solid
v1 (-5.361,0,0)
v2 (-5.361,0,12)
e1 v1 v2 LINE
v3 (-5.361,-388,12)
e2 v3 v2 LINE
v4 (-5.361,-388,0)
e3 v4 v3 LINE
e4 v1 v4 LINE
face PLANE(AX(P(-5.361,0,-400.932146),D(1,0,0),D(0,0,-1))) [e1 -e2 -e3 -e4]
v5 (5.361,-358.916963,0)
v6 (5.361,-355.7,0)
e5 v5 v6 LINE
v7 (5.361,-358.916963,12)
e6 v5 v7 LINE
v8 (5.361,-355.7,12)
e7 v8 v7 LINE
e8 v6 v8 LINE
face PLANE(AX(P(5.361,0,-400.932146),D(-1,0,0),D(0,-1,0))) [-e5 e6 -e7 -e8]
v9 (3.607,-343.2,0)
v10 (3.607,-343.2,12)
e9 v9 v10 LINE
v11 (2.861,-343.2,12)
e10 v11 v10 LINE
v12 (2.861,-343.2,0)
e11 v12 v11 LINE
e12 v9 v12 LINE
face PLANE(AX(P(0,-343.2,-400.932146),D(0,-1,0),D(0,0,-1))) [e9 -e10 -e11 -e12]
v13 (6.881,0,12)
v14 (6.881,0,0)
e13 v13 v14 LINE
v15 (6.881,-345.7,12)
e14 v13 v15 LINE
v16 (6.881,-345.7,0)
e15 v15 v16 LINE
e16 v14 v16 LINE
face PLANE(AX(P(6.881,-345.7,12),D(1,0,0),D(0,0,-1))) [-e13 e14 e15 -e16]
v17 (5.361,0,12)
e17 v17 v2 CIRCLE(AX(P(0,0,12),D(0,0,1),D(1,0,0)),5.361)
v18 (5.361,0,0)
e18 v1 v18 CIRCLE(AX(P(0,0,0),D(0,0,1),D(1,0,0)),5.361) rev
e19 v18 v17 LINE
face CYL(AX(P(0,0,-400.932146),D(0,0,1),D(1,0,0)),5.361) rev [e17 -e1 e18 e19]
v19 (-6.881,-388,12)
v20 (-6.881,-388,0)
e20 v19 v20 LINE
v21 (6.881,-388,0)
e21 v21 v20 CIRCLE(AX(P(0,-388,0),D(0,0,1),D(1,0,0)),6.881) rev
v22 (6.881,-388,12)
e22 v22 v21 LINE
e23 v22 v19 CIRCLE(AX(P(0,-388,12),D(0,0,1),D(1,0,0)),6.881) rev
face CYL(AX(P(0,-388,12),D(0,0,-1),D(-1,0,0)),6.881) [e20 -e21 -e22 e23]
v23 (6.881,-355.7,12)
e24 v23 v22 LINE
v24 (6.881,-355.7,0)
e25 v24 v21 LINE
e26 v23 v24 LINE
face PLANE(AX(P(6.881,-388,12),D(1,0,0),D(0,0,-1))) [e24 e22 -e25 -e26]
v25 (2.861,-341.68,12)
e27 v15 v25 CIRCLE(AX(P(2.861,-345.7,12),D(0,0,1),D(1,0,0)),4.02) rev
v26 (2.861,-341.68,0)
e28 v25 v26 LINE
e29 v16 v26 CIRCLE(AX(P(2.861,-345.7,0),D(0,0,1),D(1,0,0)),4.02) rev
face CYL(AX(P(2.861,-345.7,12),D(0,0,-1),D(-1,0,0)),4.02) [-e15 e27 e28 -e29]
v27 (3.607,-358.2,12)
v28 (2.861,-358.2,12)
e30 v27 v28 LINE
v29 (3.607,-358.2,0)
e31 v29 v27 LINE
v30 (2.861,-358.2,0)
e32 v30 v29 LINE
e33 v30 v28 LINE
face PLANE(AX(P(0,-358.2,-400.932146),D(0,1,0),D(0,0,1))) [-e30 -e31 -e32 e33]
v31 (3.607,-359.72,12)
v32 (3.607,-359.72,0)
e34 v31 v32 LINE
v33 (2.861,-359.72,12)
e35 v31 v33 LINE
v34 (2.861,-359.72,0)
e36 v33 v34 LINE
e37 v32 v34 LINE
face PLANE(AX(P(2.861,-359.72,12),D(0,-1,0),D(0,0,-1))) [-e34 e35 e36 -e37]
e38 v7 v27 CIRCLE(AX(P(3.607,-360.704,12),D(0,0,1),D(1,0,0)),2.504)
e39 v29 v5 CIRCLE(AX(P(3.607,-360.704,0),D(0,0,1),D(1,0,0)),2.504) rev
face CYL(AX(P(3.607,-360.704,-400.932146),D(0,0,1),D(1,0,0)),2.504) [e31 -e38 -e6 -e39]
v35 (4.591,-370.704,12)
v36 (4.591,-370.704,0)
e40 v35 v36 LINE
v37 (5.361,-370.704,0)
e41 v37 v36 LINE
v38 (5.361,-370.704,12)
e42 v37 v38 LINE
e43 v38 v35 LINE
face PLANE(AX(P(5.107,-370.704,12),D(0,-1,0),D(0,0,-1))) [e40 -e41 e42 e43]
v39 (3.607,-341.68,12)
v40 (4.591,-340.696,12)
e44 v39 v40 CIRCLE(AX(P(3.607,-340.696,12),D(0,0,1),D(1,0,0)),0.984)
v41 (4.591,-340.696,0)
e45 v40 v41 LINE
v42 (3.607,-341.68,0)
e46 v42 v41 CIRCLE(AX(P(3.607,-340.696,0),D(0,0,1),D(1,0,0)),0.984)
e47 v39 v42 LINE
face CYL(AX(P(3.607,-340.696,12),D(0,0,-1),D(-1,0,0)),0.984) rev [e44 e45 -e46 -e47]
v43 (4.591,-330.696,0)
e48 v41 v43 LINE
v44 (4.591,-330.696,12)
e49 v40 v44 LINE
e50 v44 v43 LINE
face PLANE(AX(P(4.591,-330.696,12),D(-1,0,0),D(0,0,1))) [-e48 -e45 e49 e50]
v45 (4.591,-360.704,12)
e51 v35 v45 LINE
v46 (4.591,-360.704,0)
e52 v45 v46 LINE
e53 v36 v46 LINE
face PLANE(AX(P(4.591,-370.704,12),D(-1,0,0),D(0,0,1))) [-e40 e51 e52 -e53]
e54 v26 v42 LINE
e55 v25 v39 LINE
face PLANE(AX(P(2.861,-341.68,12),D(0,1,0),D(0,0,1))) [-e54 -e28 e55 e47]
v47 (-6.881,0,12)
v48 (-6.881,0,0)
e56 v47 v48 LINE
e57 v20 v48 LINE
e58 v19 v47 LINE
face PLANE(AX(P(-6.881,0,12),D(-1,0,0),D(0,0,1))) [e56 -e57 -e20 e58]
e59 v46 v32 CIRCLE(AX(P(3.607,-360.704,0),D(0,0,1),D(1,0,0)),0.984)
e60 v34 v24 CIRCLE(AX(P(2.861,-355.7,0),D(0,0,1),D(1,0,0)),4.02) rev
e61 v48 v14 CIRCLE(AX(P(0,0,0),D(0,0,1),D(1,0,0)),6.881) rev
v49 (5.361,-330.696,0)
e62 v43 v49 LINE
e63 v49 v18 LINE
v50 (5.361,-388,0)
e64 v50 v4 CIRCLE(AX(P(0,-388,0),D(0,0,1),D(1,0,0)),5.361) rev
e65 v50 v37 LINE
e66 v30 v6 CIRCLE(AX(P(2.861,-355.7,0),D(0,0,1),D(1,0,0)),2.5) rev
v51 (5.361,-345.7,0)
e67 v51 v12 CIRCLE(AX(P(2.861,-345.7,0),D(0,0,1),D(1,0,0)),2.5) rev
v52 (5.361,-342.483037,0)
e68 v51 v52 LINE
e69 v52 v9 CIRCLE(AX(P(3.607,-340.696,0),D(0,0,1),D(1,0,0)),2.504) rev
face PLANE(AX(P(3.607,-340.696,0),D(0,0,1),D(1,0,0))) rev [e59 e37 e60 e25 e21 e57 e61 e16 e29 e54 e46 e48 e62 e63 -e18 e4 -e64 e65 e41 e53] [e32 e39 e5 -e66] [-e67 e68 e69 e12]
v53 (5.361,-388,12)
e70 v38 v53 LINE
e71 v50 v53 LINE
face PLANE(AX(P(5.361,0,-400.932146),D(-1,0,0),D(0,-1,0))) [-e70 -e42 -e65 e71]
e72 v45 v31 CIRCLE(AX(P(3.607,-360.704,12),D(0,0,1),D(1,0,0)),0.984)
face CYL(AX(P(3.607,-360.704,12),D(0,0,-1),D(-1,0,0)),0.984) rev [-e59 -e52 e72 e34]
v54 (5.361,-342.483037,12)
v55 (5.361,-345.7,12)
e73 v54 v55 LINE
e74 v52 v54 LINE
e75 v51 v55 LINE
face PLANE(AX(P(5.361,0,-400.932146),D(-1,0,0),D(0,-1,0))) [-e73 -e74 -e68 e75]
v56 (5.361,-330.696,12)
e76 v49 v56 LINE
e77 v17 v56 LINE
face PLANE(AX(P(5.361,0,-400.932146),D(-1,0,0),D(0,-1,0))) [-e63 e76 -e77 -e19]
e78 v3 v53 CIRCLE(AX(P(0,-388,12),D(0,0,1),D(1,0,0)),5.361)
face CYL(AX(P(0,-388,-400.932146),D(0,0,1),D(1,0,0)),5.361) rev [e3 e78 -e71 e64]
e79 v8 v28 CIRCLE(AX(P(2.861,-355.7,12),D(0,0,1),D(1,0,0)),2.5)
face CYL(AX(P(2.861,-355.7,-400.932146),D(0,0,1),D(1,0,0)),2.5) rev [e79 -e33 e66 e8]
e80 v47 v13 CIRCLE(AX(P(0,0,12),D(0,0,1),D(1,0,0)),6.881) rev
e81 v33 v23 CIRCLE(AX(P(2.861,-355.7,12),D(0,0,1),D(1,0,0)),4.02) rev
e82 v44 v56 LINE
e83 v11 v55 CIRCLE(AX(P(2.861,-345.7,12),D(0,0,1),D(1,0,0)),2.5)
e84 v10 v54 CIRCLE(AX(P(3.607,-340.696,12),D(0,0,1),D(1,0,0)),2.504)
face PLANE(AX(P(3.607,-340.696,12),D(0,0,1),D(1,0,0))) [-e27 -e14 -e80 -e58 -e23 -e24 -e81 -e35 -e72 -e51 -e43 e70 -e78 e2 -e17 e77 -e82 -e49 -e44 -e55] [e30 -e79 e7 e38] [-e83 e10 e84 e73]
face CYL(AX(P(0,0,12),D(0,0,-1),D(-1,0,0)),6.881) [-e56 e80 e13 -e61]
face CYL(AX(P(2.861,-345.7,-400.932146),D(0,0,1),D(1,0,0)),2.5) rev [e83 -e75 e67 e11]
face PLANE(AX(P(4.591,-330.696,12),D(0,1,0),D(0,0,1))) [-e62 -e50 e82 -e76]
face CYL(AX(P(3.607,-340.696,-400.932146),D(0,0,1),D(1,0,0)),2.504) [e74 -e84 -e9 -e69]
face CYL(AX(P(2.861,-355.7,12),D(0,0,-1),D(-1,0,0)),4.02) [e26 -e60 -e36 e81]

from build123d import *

# Parameters (mm, degrees)
EXTRUDE_THIN1_DEPTH = 12
BOSS_EXTRUDE2_START = -12
BOSS_EXTRUDE2_DEPTH = 12


with BuildPart() as part:
    # Sketch1 → Extrude-Thin1 (new body)
    with BuildSketch(Plane.XY):
        with BuildLine():
            Line((5.107, -330.696), (5.107, -340.696))
            ThreePointArc((5.107, -340.696), (4.667660172, -341.756660172), (3.607, -342.196))
            Line((3.607, -342.196), (2.861, -342.196))
            ThreePointArc((2.861, -342.196), (0.383297839, -348.177702161), (6.365, -345.7))
            Line((6.365, -345.7), (6.365, 0))
            ThreePointArc((6.365, 0), (0, 6.365), (-6.365, 0))
            Line((-6.365, 0), (-6.365, -388))
            ThreePointArc((-6.365, -388), (0, -394.365), (6.365, -388))
            Line((6.365, -388), (6.365, -355.7))
            ThreePointArc((6.365, -355.7), (0.383297839, -353.222297839), (2.861, -359.204))
            Line((2.861, -359.204), (3.607, -359.204))
            ThreePointArc((3.607, -359.204), (4.667660172, -359.643339828), (5.107, -360.704))
            Line((5.107, -360.704), (5.107, -370.704))
            Line((5.107, -370.704), (4.591, -370.704))
            Line((4.591, -370.704), (4.591, -360.704))
            ThreePointArc((4.591, -360.704), (4.302793073, -360.008206927), (3.607, -359.72))
            Line((3.607, -359.72), (2.861, -359.72))
            ThreePointArc((2.861, -359.72), (0.01843074, -352.85743074), (6.881, -355.7))
            Line((6.881, -355.7), (6.881, -388))
            ThreePointArc((6.881, -388), (0, -394.881), (-6.881, -388))
            Line((-6.881, -388), (-6.881, 0))
            ThreePointArc((-6.881, 0), (0, 6.881), (6.881, 0))
            Line((6.881, 0), (6.881, -345.7))
            ThreePointArc((6.881, -345.7), (0.01843074, -348.54256926), (2.861, -341.68))
            Line((2.861, -341.68), (3.607, -341.68))
            ThreePointArc((3.607, -341.68), (4.302793073, -341.391793073), (4.591, -340.696))
            Line((4.591, -340.696), (4.591, -330.696))
            Line((4.591, -330.696), (5.107, -330.696))
        make_face()
    extrude(amount=EXTRUDE_THIN1_DEPTH)

    # Sketch3 → Boss-Extrude2 (add)
    with BuildSketch(Plane.XY.offset(12).offset(BOSS_EXTRUDE2_START)):
        with BuildLine():
            ThreePointArc((-5.361, -388), (0, -393.361), (5.361, -388))
            Line((5.361, -388), (5.361, -370.704))
            Line((5.361, -370.704), (5.107, -370.704))
            Line((5.107, -370.704), (5.107, -360.704))
            ThreePointArc((5.107, -360.704), (4.667660172, -359.643339828), (3.607, -359.204))
            Line((3.607, -359.204), (2.861, -359.204))
            ThreePointArc((2.861, -359.204), (0.383297839, -353.222297839), (6.365, -355.7))
            Line((6.365, -355.7), (6.365, -388))
            ThreePointArc((6.365, -388), (0, -394.365), (-6.365, -388))
            Line((-6.365, -388), (-6.365, 0))
            ThreePointArc((-6.365, 0), (0, 6.365), (6.365, 0))
            Line((6.365, 0), (6.365, -345.7))
            ThreePointArc((6.365, -345.7), (0.383297839, -348.177702161), (2.861, -342.196))
            Line((2.861, -342.196), (3.607, -342.196))
            ThreePointArc((3.607, -342.196), (4.667660172, -341.756660172), (5.107, -340.696))
            Line((5.107, -340.696), (5.107, -330.696))
            Line((5.107, -330.696), (5.361, -330.696))
            Line((5.361, -330.696), (5.361, 0))
            ThreePointArc((5.361, 0), (0, 5.361), (-5.361, 0))
            Line((-5.361, 0), (-5.361, -388))
        make_face()
        with BuildLine():
            ThreePointArc((5.361, -355.7), (1.093233047, -353.932233047), (2.861, -358.2))
            Line((2.861, -358.2), (3.607, -358.2))
            ThreePointArc((3.607, -358.2), (4.554437655, -358.386160944), (5.361, -358.916963347))
            Line((5.361, -358.916963347), (5.361, -355.7))
        make_face(mode=Mode.SUBTRACT)
        with BuildLine():
            ThreePointArc((2.861, -343.2), (1.093233047, -347.467766953), (5.361, -345.7))
            Line((5.361, -345.7), (5.361, -342.483036653))
            ThreePointArc((5.361, -342.483036653), (4.554437655, -343.013839056), (3.607, -343.2))
            Line((3.607, -343.2), (2.861, -343.2))
        make_face(mode=Mode.SUBTRACT)
    extrude(amount=BOSS_EXTRUDE2_DEPTH)


solid = part.part
